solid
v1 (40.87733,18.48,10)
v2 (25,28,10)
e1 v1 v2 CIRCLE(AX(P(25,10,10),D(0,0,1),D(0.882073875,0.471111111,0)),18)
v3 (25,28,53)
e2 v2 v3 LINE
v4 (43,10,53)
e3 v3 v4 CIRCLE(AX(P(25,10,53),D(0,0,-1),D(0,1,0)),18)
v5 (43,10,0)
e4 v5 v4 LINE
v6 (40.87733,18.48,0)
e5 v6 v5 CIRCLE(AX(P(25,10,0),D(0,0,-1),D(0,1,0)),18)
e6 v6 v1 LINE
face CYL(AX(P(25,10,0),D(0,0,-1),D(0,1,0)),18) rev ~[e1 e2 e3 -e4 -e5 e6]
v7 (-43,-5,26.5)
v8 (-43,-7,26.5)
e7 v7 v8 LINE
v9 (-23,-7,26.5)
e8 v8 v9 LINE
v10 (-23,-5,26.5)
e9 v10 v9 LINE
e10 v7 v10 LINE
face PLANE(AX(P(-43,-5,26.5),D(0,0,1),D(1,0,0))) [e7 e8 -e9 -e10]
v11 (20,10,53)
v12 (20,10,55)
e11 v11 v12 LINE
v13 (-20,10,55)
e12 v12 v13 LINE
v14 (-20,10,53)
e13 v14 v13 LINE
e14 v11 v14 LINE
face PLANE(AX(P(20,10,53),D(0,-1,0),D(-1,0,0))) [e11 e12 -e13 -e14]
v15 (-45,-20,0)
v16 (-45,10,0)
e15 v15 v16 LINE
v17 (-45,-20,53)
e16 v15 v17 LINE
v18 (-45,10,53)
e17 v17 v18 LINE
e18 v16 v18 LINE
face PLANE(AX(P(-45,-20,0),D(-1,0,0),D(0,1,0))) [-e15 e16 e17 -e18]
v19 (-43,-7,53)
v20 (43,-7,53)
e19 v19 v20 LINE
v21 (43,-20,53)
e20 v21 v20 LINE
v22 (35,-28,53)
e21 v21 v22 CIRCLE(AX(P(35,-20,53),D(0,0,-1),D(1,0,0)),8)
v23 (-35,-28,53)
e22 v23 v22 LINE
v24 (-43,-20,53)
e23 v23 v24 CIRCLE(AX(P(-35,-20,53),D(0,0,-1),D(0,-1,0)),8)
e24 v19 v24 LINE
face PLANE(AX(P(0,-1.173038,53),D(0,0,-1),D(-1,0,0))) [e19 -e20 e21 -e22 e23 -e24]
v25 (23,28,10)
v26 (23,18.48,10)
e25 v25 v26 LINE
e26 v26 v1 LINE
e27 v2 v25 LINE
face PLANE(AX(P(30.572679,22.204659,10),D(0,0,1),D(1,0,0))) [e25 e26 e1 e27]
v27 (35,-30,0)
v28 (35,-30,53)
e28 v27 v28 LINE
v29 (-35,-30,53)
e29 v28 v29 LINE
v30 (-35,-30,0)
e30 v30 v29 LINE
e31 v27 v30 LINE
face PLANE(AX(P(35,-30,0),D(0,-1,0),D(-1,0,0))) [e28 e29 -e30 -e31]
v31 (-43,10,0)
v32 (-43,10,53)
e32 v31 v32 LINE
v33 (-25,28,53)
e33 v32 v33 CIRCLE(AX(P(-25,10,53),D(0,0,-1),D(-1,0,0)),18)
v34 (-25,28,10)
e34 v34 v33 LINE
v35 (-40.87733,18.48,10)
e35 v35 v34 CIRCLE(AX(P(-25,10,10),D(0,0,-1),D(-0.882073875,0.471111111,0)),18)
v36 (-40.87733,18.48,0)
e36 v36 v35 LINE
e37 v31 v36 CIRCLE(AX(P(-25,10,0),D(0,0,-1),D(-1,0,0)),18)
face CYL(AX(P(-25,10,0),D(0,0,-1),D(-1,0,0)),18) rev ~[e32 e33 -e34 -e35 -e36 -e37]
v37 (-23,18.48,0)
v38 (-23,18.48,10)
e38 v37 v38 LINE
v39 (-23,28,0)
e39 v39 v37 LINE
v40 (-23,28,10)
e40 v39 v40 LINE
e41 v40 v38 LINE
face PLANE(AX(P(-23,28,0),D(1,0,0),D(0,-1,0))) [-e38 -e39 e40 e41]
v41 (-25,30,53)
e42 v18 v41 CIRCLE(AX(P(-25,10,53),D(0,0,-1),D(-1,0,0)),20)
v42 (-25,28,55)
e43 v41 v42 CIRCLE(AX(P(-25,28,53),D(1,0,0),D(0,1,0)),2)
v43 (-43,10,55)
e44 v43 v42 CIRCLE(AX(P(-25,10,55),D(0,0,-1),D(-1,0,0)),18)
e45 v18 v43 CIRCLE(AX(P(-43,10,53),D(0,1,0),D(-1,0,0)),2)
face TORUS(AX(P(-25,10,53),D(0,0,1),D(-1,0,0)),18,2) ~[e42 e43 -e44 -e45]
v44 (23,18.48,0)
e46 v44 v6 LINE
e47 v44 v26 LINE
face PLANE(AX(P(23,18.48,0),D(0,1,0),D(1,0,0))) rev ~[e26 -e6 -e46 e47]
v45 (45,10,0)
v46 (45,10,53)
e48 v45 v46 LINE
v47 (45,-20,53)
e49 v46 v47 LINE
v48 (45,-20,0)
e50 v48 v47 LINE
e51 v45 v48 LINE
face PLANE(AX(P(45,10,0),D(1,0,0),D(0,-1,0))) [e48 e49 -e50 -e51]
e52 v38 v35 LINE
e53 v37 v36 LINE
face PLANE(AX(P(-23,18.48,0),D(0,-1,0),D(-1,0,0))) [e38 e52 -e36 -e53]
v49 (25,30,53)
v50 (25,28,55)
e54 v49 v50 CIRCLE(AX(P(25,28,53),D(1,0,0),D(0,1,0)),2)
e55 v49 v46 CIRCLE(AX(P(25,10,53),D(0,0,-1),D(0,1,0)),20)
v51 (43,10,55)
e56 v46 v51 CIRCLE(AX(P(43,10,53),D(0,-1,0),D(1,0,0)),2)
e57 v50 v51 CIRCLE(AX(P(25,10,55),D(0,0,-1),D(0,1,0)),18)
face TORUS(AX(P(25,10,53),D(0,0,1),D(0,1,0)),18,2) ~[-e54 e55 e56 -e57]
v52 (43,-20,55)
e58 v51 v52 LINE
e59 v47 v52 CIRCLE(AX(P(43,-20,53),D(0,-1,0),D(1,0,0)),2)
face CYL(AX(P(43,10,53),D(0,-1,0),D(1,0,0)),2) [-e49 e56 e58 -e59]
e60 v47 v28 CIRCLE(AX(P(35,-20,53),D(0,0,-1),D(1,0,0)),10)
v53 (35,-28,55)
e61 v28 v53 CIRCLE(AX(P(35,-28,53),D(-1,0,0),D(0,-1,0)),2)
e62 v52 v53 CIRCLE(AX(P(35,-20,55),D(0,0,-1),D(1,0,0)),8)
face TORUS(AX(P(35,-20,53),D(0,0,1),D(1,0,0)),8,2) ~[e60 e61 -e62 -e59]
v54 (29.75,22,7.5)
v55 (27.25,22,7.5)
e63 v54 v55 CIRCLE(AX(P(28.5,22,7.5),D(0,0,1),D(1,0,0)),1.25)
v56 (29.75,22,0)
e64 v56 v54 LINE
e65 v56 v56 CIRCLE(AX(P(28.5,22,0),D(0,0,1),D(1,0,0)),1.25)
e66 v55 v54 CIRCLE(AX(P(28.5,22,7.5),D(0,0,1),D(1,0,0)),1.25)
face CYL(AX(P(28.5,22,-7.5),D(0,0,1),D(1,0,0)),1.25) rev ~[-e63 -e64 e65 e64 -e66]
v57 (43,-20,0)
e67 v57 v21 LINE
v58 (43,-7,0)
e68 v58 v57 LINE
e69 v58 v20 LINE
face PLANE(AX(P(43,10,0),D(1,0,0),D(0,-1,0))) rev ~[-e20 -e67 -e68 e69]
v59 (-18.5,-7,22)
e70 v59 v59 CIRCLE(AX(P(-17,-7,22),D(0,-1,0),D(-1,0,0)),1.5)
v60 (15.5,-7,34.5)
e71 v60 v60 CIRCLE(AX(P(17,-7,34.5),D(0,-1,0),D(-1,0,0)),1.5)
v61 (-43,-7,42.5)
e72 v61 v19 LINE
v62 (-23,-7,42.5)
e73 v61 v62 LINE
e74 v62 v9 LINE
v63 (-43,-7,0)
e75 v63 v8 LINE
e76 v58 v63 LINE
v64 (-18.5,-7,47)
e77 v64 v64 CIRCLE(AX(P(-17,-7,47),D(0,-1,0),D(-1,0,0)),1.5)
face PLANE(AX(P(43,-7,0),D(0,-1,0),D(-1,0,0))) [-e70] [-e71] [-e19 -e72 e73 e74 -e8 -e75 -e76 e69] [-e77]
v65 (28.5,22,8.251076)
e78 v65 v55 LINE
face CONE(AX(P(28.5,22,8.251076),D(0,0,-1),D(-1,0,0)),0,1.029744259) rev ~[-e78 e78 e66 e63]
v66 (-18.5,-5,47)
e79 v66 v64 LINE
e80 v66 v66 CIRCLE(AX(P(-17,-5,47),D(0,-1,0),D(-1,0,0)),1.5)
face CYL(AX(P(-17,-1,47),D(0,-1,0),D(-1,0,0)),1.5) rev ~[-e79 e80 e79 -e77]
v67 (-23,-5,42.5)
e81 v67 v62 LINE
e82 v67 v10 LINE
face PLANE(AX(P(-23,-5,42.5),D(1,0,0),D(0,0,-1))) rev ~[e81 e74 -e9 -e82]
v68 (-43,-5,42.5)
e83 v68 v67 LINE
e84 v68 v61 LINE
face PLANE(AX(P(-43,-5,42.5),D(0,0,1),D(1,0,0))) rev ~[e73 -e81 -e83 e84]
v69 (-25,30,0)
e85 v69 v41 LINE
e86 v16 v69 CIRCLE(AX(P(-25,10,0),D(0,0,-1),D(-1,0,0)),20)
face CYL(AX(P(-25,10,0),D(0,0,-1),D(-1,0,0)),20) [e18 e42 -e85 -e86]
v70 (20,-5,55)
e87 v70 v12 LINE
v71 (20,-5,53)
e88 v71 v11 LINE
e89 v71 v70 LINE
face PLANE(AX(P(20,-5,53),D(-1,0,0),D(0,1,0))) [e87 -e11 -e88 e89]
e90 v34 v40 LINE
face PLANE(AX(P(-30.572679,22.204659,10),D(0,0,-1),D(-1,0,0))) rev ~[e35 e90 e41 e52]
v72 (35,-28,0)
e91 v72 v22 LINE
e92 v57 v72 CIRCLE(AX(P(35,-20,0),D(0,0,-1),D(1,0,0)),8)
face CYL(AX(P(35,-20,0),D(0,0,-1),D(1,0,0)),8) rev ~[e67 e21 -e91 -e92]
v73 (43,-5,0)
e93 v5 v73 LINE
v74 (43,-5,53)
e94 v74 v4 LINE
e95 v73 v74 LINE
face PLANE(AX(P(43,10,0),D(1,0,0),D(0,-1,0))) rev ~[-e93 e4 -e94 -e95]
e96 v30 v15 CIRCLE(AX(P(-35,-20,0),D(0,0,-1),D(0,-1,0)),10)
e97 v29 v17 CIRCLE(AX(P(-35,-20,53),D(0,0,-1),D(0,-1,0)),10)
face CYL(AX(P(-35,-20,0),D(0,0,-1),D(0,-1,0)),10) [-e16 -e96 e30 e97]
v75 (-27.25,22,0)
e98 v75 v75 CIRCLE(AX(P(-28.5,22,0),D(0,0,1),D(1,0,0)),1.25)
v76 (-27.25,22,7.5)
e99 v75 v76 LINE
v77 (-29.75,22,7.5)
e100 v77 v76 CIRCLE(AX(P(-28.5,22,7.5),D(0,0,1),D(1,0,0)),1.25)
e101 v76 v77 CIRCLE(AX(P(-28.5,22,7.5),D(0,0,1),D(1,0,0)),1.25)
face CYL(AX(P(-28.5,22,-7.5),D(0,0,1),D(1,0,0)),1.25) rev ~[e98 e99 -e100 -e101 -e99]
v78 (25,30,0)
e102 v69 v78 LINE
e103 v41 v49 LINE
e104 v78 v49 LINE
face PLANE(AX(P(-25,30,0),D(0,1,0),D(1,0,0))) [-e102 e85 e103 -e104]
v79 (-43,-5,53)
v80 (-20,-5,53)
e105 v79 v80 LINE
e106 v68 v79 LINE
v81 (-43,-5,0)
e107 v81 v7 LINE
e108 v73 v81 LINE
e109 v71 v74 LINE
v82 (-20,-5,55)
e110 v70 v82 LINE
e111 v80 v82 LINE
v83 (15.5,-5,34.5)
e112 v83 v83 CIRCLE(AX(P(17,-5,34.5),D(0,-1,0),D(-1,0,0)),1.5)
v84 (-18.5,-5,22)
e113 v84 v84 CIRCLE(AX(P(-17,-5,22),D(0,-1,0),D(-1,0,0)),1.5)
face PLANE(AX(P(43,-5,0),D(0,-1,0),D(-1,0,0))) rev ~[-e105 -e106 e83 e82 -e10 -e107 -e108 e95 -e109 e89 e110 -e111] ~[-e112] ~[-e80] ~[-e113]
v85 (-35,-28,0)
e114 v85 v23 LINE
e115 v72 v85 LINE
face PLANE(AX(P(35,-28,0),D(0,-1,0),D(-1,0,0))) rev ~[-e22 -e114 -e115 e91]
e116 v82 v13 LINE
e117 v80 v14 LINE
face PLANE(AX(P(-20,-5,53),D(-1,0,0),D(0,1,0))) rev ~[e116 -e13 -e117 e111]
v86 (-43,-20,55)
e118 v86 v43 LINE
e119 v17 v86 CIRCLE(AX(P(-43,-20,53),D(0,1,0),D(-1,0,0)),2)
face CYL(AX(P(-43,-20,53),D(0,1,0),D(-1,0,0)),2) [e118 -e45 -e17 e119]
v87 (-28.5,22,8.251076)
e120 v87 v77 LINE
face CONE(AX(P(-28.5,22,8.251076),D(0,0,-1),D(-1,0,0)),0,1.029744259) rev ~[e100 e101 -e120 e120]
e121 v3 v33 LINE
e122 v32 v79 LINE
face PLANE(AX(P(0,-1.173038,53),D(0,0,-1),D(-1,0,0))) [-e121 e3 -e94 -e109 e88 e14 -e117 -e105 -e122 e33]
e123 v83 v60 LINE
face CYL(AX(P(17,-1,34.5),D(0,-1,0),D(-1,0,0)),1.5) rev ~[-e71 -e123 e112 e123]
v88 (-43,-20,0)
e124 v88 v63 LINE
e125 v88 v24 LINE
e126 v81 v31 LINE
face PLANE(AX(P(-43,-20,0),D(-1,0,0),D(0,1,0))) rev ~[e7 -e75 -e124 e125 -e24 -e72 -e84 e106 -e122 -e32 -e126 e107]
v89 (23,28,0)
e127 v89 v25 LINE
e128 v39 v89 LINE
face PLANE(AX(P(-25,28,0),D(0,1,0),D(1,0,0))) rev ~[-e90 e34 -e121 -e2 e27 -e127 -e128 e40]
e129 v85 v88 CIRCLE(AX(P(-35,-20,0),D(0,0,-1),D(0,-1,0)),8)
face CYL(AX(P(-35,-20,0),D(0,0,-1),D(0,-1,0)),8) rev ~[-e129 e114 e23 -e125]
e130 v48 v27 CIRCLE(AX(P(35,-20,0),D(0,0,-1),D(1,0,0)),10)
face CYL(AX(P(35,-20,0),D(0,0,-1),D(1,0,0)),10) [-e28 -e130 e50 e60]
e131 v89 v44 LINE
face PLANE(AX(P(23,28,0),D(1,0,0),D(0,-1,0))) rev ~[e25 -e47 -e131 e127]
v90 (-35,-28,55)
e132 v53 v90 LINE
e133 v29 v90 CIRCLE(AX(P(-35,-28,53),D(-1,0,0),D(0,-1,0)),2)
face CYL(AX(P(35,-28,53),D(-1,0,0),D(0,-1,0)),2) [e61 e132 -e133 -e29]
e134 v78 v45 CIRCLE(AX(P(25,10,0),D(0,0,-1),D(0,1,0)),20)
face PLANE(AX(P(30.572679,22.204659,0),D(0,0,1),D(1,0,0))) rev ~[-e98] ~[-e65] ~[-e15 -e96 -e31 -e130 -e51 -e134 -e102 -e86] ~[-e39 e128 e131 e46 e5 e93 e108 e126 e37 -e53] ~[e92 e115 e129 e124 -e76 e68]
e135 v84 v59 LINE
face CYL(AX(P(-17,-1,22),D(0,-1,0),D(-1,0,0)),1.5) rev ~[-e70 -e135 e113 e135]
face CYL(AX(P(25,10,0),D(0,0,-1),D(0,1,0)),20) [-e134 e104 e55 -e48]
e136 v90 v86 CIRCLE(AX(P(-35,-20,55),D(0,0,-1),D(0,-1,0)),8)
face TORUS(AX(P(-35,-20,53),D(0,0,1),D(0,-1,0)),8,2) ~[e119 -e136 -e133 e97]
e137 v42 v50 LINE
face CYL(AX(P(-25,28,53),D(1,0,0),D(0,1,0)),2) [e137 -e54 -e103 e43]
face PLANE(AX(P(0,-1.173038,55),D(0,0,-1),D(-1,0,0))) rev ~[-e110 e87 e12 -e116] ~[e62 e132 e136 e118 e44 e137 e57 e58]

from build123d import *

# Parameters (mm, degrees)
BOSS_EXTRUDE1_DEPTH       = 55
SHELL1_T                  = -2
BOSS_EXTRUDE2_DEPTH       = 10
M3X0_5_TAPPED_HOLE1_D     = 2.5
M3X0_5_TAPPED_HOLE1_DEPTH = 7.5
M3X0_5_TAPPED_HOLE1_TIP   = 0.751075774
BOSS_EXTRUDE3_REACH       = 79.136
SKETCH5_W                 = 86
SKETCH5_H                 = 2
SKETCH6_W                 = 40
SKETCH6_H                 = 15
CUT_EXTRUDE1_DEPTH        = 10
F_3_0MM_DOWEL_HOLE1_D     = 3
F_3_0MM_DOWEL_HOLE1_DEPTH = 4
F_3_0MM_DOWEL_HOLE1_TIP   = 0.901290929
SKETCH9_W                 = 20
SKETCH9_H                 = 16
CUT_EXTRUDE2_DEPTH        = 2
FILLET1_R                 = 2


with BuildPart() as part:
    # Sketch1 → Boss-Extrude1 (new body)
    with BuildSketch(Plane.XY):
        with BuildLine():
            Line((-25, 30), (25, 30))
            ThreePointArc((25, 30), (39.142135624, 24.142135624), (45, 10))
            Line((45, 10), (45, -20))
            ThreePointArc((45, -20), (42.071067812, -27.071067812), (35, -30))
            Line((35, -30), (-35, -30))
            ThreePointArc((-35, -30), (-42.071067812, -27.071067812), (-45, -20))
            Line((-45, -20), (-45, 10))
            ThreePointArc((-45, 10), (-39.142135624, 24.142135624), (-25, 30))
        make_face()
    extrude(amount=BOSS_EXTRUDE1_DEPTH)

    # Shell1
    shell1_openings = [part.faces().sort_by_distance(p)[0] for p in [
        (0, -0.615524706, 0),
    ]]
    offset(amount=SHELL1_T, openings=shell1_openings, kind=Kind.INTERSECTION)

    # Sketch2 → Boss-Extrude2 (add)
    with BuildSketch(Plane(origin=(0, 0, 0), x_dir=(-1, 0, 0), z_dir=(0, 0, -1))):
        with BuildLine():
            Line((-23, 18.48), (-40.87732975, 18.48))
            ThreePointArc((-40.87732975, 18.48), (-34.256349172, 25.437616396), (-25, 28))
            Line((-25, 28), (-23, 28))
            Line((-23, 28), (-23, 18.48))
        make_face()
        with BuildLine():
            Line((23, 18.48), (40.87732975, 18.48))
            ThreePointArc((40.87732975, 18.48), (34.256349172, 25.437616396), (25, 28))
            Line((25, 28), (23, 28))
            Line((23, 28), (23, 18.48))
        make_face()
    extrude(amount=-BOSS_EXTRUDE2_DEPTH)

    # M3x0.5 Tapped Hole1
    with Locations(Plane(origin=(0, 0, 0), x_dir=(-1, 0, 0), z_dir=(0, 0, -1))):
        with Locations((-28.5, 22), (28.5, 22)):
            Hole(M3X0_5_TAPPED_HOLE1_D / 2, depth=M3X0_5_TAPPED_HOLE1_DEPTH)
            with Locations((0, 0, -(M3X0_5_TAPPED_HOLE1_DEPTH + M3X0_5_TAPPED_HOLE1_TIP / 2))):  # 118° drill point
                Cone(0, M3X0_5_TAPPED_HOLE1_D / 2, M3X0_5_TAPPED_HOLE1_TIP, mode=Mode.SUBTRACT)

    # Sketch5 → Boss-Extrude3 (add, up to next)
    with BuildSketch(Plane(origin=(0, 0, 0), x_dir=(-1, 0, 0), z_dir=(0, 0, -1)), mode=Mode.PRIVATE) as boss_extrude3_sk1:
        with Locations((0, -6)):
            Rectangle(SKETCH5_W, SKETCH5_H)
    boss_extrude3_tool1 = extrude(boss_extrude3_sk1.sketch, amount=-BOSS_EXTRUDE3_REACH, mode=Mode.PRIVATE) - part.part
    add(boss_extrude3_tool1.solids().sort_by_distance((0, -6, 0))[0])

    # Sketch6 → Cut-Extrude1 (cut)
    with BuildSketch(Plane(origin=(0, 0, 53), x_dir=(-1, 0, 0), z_dir=(0, 0, -1))):
        with Locations((0, 2.5)):
            Rectangle(SKETCH6_W, SKETCH6_H)
    extrude(amount=-CUT_EXTRUDE1_DEPTH, mode=Mode.SUBTRACT)

    # Ø3.0mm Dowel Hole1
    with Locations(Plane(origin=(0, -5, 0), x_dir=(1, 0, 0), z_dir=(0, 1, 0))):
        with Locations((-17, -47), (-17, -22), (17, -34.5)):
            Hole(F_3_0MM_DOWEL_HOLE1_D / 2, depth=F_3_0MM_DOWEL_HOLE1_DEPTH)
            with Locations((0, 0, -(F_3_0MM_DOWEL_HOLE1_DEPTH + F_3_0MM_DOWEL_HOLE1_TIP / 2))):  # 118° drill point
                Cone(0, F_3_0MM_DOWEL_HOLE1_D / 2, F_3_0MM_DOWEL_HOLE1_TIP, mode=Mode.SUBTRACT)

    # Sketch9 → Cut-Extrude2 (cut)
    with BuildSketch(Plane(origin=(0, -5, 0), x_dir=(1, 0, 0), z_dir=(0, 1, 0))):
        with Locations((-33, -34.5)):
            Rectangle(SKETCH9_W, SKETCH9_H)
    extrude(amount=-CUT_EXTRUDE2_DEPTH, mode=Mode.SUBTRACT)

    # Fillet1
    fillet1_edges = [part.edges().sort_by_distance(p)[0] for p in [
        (39.142135624, 24.142135624, 55),
        (0, 30, 55),
        (-39.142135624, 24.142135624, 55),
        (-45, -5, 55),
        (-42.071067812, -27.071067812, 55),
        (0, -30, 55),
        (42.071067812, -27.071067812, 55),
        (45, -5, 55),
    ]]
    fillet(fillet1_edges, radius=FILLET1_R)


solid = part.part
